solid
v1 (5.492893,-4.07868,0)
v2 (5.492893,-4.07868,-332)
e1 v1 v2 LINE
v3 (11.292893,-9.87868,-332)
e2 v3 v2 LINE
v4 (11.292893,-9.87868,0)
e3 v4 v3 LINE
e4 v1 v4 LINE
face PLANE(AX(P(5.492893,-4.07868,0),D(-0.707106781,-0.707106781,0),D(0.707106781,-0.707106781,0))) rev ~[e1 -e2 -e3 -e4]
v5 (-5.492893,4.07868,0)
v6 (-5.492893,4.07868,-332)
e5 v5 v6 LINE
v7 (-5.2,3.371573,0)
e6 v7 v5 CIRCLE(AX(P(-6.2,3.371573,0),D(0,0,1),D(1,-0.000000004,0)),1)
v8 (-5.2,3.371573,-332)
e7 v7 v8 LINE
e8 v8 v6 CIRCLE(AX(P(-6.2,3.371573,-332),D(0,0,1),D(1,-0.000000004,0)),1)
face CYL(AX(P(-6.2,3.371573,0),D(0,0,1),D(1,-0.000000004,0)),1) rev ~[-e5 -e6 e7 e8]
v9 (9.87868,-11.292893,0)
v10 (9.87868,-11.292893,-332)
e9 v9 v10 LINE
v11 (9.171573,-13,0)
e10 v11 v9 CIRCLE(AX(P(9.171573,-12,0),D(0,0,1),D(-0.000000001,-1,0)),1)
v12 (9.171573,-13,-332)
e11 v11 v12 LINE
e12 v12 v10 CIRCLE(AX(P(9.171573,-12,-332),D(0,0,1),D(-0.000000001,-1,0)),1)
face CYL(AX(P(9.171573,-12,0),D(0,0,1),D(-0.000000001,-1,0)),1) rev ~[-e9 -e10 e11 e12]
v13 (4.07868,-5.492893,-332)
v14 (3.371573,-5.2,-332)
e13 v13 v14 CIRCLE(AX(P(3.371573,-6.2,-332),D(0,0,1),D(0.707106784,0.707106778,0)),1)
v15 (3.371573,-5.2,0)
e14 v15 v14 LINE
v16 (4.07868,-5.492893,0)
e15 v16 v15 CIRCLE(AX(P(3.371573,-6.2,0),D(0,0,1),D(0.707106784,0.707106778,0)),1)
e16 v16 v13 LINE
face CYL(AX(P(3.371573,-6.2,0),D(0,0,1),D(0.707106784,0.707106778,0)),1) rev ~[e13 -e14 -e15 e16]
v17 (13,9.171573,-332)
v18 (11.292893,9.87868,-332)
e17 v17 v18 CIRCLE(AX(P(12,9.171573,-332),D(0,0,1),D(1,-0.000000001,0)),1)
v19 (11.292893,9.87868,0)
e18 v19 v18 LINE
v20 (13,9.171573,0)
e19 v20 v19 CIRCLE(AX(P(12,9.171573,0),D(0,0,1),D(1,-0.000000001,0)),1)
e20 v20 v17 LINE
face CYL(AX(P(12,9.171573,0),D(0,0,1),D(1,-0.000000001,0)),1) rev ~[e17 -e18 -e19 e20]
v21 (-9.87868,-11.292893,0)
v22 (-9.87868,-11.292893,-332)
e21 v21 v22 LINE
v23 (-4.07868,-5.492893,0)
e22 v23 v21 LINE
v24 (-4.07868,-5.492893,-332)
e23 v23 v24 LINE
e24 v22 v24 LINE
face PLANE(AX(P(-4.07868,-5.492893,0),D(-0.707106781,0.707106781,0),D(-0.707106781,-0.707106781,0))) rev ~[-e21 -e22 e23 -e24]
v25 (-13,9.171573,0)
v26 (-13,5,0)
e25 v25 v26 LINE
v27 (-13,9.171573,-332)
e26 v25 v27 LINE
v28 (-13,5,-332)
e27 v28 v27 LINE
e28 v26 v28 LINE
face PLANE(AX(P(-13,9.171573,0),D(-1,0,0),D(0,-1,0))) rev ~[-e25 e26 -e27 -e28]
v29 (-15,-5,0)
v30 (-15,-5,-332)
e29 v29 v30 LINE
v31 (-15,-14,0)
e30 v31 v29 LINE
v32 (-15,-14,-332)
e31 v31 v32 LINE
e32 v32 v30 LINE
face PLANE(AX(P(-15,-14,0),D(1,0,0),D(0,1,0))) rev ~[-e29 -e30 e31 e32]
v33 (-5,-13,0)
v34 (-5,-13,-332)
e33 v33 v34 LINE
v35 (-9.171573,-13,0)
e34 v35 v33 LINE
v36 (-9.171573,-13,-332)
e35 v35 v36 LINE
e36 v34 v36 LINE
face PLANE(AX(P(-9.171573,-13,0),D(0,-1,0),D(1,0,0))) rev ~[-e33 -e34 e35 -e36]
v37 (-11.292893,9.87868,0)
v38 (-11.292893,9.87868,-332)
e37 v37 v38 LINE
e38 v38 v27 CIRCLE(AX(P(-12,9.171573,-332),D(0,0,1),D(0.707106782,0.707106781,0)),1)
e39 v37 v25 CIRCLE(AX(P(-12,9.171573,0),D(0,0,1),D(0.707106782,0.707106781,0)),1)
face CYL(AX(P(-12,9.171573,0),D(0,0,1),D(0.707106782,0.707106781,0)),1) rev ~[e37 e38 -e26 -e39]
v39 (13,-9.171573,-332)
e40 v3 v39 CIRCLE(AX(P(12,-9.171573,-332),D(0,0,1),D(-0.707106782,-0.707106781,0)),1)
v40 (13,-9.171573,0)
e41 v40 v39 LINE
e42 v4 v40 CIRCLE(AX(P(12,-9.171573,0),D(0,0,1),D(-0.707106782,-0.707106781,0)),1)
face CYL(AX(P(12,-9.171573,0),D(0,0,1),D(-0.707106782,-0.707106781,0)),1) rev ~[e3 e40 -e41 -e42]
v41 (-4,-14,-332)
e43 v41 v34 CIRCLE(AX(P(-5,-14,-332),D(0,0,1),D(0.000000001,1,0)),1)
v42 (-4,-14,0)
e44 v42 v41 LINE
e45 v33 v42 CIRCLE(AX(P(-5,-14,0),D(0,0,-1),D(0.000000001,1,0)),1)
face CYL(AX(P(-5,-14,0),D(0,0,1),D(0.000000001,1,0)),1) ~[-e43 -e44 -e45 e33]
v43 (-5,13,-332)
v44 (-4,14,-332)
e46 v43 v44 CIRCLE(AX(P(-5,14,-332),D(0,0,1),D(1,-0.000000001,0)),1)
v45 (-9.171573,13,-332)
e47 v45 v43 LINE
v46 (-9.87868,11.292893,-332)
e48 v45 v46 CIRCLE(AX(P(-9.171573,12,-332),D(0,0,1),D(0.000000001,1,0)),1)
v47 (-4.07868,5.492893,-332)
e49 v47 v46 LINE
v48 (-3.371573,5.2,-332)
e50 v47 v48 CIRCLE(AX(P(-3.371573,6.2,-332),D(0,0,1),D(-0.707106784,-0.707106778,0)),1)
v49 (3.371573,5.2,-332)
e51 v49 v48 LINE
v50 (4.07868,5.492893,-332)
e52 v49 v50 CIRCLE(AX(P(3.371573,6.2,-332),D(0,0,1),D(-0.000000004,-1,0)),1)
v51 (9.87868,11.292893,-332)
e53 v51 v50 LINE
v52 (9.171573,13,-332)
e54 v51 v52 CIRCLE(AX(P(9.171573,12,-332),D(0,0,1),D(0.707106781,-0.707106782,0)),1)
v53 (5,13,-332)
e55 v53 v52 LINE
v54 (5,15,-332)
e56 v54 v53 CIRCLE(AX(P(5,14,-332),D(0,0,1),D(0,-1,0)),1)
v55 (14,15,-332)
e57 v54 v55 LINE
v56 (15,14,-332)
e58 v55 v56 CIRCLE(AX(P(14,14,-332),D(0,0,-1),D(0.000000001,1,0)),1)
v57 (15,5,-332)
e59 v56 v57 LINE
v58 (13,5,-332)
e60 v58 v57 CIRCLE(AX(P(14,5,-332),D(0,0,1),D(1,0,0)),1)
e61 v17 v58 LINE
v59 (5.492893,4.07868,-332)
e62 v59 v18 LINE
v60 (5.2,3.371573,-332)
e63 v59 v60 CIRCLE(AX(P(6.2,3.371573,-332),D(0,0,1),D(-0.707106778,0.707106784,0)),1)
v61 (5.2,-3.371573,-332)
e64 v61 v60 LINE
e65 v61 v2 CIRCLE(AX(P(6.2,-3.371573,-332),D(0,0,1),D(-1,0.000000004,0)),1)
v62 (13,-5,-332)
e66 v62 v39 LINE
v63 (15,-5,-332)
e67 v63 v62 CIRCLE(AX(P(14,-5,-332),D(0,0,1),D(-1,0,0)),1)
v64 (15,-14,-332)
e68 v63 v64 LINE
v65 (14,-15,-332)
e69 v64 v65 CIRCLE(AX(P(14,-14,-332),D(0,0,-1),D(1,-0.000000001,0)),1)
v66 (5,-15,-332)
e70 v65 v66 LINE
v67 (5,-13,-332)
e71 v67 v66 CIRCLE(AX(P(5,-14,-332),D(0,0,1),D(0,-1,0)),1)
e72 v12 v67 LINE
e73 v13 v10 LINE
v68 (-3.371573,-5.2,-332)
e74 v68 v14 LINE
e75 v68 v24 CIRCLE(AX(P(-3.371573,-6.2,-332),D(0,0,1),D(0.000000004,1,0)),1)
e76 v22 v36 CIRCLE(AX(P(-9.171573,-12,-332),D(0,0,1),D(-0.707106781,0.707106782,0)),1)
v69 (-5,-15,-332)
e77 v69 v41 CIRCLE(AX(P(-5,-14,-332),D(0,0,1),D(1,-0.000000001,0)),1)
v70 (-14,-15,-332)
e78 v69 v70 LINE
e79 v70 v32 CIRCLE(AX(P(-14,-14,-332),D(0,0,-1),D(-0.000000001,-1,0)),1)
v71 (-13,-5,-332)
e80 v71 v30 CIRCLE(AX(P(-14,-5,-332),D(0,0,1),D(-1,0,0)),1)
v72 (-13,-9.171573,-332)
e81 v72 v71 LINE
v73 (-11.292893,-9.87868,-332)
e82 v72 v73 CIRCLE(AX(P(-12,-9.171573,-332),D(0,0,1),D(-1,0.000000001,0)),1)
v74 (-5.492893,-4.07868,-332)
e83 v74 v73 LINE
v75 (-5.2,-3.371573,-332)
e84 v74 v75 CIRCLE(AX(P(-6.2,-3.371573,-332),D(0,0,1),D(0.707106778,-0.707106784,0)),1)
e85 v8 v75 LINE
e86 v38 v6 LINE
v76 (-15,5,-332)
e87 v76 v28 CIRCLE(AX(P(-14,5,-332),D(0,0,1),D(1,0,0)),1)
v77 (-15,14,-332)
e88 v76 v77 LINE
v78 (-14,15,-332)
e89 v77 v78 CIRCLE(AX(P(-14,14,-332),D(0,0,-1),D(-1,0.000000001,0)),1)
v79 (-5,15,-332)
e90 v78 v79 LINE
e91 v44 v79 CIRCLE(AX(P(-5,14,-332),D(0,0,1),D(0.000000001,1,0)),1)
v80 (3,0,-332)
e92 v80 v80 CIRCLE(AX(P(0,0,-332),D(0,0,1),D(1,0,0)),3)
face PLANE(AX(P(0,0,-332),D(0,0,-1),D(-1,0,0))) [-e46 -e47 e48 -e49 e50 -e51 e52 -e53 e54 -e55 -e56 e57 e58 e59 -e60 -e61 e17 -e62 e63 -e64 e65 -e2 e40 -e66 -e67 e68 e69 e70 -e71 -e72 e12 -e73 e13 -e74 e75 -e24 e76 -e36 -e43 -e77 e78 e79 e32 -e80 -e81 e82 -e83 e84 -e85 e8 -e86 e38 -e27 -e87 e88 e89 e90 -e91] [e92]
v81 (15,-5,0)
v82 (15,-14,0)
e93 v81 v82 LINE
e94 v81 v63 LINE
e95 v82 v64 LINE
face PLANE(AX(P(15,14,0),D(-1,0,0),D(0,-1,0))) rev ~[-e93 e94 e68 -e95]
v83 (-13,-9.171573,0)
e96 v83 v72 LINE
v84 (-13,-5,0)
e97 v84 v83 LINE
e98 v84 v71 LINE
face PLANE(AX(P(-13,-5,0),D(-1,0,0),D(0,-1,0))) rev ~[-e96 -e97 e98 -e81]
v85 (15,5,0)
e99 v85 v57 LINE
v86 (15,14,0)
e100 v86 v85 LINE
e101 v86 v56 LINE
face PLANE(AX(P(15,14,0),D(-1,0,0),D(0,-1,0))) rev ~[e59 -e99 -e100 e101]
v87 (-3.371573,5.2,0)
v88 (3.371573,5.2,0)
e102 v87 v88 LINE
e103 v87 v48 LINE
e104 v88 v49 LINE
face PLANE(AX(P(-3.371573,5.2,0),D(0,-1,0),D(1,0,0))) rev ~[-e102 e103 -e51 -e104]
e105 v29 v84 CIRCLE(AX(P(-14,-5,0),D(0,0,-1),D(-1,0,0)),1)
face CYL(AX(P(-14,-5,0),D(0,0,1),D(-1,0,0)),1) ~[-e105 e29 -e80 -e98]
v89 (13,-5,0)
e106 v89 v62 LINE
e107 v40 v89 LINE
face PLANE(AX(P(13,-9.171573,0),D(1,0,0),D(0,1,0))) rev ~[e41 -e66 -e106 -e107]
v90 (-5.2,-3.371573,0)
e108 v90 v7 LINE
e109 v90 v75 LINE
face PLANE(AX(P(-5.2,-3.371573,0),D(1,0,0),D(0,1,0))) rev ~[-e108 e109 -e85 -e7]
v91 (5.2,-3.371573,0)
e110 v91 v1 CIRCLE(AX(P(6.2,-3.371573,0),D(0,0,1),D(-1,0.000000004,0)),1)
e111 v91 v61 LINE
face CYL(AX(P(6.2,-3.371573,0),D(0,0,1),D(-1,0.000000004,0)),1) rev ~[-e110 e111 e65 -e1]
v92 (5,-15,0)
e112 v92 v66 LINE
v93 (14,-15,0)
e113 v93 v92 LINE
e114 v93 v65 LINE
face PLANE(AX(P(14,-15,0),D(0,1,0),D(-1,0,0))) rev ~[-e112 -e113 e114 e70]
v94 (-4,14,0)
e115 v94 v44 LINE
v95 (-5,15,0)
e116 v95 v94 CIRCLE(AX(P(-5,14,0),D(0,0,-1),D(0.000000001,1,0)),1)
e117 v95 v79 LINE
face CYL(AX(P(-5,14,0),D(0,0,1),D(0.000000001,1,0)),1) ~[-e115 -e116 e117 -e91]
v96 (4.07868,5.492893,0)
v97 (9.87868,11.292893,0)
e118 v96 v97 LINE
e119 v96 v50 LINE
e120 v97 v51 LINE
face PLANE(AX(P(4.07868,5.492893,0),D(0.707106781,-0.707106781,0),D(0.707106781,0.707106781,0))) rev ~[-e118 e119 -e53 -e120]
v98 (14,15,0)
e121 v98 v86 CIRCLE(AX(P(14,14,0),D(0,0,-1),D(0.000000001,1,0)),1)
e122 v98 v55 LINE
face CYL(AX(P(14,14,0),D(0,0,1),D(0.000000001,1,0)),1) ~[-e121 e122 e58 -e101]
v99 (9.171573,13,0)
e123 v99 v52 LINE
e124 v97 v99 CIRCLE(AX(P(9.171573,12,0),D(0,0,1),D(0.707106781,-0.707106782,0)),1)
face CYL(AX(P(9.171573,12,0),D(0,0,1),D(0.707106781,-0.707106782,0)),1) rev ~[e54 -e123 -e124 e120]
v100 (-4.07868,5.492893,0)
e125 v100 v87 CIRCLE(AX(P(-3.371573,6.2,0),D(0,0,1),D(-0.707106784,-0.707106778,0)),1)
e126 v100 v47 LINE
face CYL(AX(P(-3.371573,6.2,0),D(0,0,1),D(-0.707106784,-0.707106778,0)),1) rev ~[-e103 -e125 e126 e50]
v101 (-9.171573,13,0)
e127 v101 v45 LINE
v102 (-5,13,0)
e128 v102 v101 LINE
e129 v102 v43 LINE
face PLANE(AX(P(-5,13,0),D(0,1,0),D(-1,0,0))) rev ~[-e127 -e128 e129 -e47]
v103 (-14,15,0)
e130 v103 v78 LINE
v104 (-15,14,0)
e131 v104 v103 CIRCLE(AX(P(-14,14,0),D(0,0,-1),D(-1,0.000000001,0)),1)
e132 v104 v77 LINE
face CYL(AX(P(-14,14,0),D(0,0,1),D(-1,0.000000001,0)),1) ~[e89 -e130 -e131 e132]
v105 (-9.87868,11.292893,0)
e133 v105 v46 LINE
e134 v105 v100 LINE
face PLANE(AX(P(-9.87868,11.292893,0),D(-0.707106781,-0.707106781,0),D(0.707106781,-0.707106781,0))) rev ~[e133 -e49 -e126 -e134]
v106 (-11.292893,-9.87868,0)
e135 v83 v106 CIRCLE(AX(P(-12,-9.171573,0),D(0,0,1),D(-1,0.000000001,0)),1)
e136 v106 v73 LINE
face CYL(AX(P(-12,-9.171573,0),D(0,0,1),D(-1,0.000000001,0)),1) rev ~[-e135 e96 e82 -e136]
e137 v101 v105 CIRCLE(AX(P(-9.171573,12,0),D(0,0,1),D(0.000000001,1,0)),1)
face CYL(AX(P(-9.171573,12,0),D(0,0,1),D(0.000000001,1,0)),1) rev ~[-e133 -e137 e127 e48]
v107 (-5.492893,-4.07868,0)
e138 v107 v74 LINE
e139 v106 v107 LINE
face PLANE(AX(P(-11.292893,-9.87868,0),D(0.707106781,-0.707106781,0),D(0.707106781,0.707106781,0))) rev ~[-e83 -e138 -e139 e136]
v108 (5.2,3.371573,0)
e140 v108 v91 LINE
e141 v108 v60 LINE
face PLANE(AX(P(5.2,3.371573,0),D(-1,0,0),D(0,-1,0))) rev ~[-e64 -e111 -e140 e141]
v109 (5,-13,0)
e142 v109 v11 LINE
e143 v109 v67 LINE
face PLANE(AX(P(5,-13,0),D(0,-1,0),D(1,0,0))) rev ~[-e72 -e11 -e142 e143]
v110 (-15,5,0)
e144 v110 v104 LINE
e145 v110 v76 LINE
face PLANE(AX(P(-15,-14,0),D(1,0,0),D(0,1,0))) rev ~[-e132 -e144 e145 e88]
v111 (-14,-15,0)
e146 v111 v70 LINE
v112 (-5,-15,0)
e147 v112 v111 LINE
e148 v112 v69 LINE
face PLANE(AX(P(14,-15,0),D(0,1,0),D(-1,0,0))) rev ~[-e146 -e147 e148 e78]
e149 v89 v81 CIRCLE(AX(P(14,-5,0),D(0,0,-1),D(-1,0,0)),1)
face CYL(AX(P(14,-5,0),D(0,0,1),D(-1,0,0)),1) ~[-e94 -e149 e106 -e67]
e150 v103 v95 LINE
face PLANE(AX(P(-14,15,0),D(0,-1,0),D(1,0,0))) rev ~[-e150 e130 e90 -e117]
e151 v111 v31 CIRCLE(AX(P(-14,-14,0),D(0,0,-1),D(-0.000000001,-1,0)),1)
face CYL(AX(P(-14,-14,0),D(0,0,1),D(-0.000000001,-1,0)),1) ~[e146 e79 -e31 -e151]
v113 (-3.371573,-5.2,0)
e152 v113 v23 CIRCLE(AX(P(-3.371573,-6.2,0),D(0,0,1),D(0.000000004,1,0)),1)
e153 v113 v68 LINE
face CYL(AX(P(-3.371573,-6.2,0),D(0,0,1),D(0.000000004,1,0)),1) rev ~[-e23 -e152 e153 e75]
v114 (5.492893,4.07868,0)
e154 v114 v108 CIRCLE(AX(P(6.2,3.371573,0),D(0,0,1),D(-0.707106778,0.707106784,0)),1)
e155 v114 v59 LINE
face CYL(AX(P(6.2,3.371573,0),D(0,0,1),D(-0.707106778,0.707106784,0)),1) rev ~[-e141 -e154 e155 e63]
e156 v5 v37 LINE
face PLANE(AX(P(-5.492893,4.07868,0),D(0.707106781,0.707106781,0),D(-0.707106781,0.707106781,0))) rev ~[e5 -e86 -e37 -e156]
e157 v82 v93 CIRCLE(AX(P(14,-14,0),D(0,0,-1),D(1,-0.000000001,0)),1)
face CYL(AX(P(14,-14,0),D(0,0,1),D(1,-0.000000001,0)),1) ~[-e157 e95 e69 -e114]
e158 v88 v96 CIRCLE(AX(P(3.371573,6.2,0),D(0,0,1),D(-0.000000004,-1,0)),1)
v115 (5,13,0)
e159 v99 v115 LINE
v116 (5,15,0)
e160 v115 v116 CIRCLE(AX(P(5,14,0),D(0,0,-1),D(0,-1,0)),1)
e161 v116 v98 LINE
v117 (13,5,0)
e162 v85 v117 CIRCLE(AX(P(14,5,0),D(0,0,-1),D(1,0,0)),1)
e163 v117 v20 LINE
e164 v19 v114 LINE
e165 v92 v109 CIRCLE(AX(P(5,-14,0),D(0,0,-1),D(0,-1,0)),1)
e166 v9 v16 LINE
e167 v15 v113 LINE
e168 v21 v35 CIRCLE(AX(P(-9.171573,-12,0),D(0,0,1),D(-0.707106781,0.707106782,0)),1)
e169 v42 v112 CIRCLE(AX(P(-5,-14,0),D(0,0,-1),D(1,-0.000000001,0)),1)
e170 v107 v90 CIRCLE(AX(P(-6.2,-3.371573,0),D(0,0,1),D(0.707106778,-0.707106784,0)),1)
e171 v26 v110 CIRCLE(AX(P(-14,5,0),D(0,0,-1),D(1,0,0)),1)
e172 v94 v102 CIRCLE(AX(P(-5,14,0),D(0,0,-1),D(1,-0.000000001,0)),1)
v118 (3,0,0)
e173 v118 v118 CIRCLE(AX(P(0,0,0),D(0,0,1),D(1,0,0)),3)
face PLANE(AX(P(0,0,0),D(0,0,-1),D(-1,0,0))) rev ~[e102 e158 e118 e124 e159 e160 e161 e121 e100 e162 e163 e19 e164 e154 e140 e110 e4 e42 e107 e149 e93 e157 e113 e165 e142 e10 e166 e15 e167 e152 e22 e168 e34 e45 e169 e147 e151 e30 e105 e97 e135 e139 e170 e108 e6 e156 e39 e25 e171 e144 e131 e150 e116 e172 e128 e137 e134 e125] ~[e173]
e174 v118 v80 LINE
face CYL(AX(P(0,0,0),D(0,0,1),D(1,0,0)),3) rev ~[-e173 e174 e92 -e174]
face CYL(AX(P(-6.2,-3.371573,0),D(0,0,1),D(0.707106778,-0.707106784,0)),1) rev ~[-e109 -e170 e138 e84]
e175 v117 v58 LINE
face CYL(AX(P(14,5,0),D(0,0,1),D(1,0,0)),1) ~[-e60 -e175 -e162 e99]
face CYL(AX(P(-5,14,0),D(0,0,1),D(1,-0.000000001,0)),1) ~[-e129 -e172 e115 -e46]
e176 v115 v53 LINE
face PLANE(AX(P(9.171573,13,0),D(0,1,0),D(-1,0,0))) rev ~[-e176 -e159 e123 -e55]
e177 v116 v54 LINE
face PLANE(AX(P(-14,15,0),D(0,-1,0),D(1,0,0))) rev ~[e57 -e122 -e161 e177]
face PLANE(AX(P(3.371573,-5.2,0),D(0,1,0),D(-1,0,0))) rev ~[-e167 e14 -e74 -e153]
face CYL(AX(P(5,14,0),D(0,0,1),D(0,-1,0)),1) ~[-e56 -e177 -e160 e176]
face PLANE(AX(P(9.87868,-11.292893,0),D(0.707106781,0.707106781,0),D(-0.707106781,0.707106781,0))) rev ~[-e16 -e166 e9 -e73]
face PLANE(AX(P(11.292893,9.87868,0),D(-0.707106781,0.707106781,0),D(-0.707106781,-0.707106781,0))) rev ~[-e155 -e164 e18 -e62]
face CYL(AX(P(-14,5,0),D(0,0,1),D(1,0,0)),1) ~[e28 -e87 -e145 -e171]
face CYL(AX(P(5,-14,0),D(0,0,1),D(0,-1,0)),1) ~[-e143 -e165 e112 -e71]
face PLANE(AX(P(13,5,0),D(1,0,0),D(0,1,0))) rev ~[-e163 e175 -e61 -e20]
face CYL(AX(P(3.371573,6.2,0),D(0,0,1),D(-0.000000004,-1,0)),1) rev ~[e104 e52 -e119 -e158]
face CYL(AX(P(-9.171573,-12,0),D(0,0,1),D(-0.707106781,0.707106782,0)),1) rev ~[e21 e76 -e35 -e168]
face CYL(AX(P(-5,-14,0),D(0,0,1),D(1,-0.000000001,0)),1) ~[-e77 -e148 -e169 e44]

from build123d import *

# Parameters (mm, degrees)
SALIENTE_EXTRUIR1_DEPTH = 332
CROQUIS2_R              = 3
CORTAR_EXTRUIR1_DEPTH   = 333.677020547
CORTAR_EXTRUIR3_DEPTH   = 333.677020547


with BuildPart() as part:
    # Croquis1 → Saliente-Extruir1 (new body)
    with BuildSketch(Plane.XY):
        with BuildLine():
            Line((-14, 15), (14, 15))
            ThreePointArc((14, 15), (14.707106781, 14.707106781), (15, 14))
            Line((15, 14), (15, -14))
            ThreePointArc((15, -14), (14.707106781, -14.707106781), (14, -15))
            Line((14, -15), (-14, -15))
            ThreePointArc((-14, -15), (-14.707106781, -14.707106781), (-15, -14))
            Line((-15, -14), (-15, 14))
            ThreePointArc((-15, 14), (-14.707106781, 14.707106781), (-14, 15))
        make_face()
    extrude(amount=-SALIENTE_EXTRUIR1_DEPTH)

    # Croquis2 → Cortar-Extruir1 (cut, through all)
    with BuildSketch(Plane.XY):
        Circle(CROQUIS2_R)
    extrude(amount=-CORTAR_EXTRUIR1_DEPTH, mode=Mode.SUBTRACT)

    # Croquis3 → Cortar-Extruir3 (cut, through all)
    with BuildSketch(Plane.XY):
        with BuildLine():
            Line((-5.492893219, 4.078679656), (-11.292893219, 9.878679656))
            ThreePointArc((-11.292893219, 9.878679656), (-12.382683432, 10.095452408), (-13, 9.171572875))
            Line((-13, 9.171572875), (-13, 5))
            ThreePointArc((-13, 5), (-14, 4), (-15, 5))
            Line((-15, 5), (-15, -5))
            ThreePointArc((-15, -5), (-14, -4), (-13, -5))
            Line((-13, -5), (-13, -9.171572875))
            ThreePointArc((-13, -9.171572875), (-12.382683432, -10.095452408), (-11.292893219, -9.878679656))
            Line((-11.292893219, -9.878679656), (-5.492893219, -4.078679656))
            ThreePointArc((-5.492893219, -4.078679656), (-5.276120467, -3.754256308), (-5.2, -3.371572875))
            Line((-5.2, -3.371572875), (-5.2, 3.371572875))
            ThreePointArc((-5.2, 3.371572875), (-5.276120467, 3.754256308), (-5.492893219, 4.078679656))
        make_face()
        with BuildLine():
            ThreePointArc((-9.171572875, 13), (-10.095452408, 12.382683432), (-9.878679656, 11.292893219))
            Line((-9.878679656, 11.292893219), (-4.078679656, 5.492893219))
            ThreePointArc((-4.078679656, 5.492893219), (-3.754256308, 5.276120467), (-3.371572875, 5.2))
            Line((-3.371572875, 5.2), (3.371572875, 5.2))
            ThreePointArc((3.371572875, 5.2), (3.754256308, 5.276120467), (4.078679656, 5.492893219))
            Line((4.078679656, 5.492893219), (9.878679656, 11.292893219))
            ThreePointArc((9.878679656, 11.292893219), (10.095452408, 12.382683432), (9.171572875, 13))
            Line((9.171572875, 13), (5, 13))
            ThreePointArc((5, 13), (4, 14), (5, 15))
            Line((5, 15), (-5, 15))
            ThreePointArc((-5, 15), (-4.292893219, 14.707106781), (-4, 14))
            ThreePointArc((-4, 14), (-4.292893219, 13.292893219), (-5, 13))
            Line((-5, 13), (-9.171572875, 13))
        make_face()
        with BuildLine():
            Line((9.878679656, -11.292893219), (4.078679656, -5.492893219))
            ThreePointArc((4.078679656, -5.492893219), (3.754256308, -5.276120467), (3.371572875, -5.2))
            Line((3.371572875, -5.2), (-3.371572875, -5.2))
            ThreePointArc((-3.371572875, -5.2), (-3.754256308, -5.276120467), (-4.078679656, -5.492893219))
            Line((-4.078679656, -5.492893219), (-9.878679656, -11.292893219))
            ThreePointArc((-9.878679656, -11.292893219), (-10.095452408, -12.382683432), (-9.171572875, -13))
            Line((-9.171572875, -13), (-5, -13))
            ThreePointArc((-5, -13), (-4.292893219, -13.292893219), (-4, -14))
            ThreePointArc((-4, -14), (-4.292893219, -14.707106781), (-5, -15))
            Line((-5, -15), (5, -15))
            ThreePointArc((5, -15), (4, -14), (5, -13))
            Line((5, -13), (9.171572875, -13))
            ThreePointArc((9.171572875, -13), (10.095452408, -12.382683432), (9.878679656, -11.292893219))
        make_face()
        with BuildLine():
            ThreePointArc((13, 9.171572875), (12.382683432, 10.095452408), (11.292893219, 9.878679656))
            Line((11.292893219, 9.878679656), (5.492893219, 4.078679656))
            ThreePointArc((5.492893219, 4.078679656), (5.276120467, 3.754256308), (5.2, 3.371572875))
            Line((5.2, 3.371572875), (5.2, -3.371572875))
            ThreePointArc((5.2, -3.371572875), (5.276120467, -3.754256308), (5.492893219, -4.078679656))
            Line((5.492893219, -4.078679656), (11.292893219, -9.878679656))
            ThreePointArc((11.292893219, -9.878679656), (12.382683432, -10.095452408), (13, -9.171572875))
            Line((13, -9.171572875), (13, -5))
            ThreePointArc((13, -5), (14, -4), (15, -5))
            Line((15, -5), (15, 5))
            ThreePointArc((15, 5), (14, 4), (13, 5))
            Line((13, 5), (13, 9.171572875))
        make_face()
    extrude(amount=-CORTAR_EXTRUIR3_DEPTH, mode=Mode.SUBTRACT)


solid = part.part
